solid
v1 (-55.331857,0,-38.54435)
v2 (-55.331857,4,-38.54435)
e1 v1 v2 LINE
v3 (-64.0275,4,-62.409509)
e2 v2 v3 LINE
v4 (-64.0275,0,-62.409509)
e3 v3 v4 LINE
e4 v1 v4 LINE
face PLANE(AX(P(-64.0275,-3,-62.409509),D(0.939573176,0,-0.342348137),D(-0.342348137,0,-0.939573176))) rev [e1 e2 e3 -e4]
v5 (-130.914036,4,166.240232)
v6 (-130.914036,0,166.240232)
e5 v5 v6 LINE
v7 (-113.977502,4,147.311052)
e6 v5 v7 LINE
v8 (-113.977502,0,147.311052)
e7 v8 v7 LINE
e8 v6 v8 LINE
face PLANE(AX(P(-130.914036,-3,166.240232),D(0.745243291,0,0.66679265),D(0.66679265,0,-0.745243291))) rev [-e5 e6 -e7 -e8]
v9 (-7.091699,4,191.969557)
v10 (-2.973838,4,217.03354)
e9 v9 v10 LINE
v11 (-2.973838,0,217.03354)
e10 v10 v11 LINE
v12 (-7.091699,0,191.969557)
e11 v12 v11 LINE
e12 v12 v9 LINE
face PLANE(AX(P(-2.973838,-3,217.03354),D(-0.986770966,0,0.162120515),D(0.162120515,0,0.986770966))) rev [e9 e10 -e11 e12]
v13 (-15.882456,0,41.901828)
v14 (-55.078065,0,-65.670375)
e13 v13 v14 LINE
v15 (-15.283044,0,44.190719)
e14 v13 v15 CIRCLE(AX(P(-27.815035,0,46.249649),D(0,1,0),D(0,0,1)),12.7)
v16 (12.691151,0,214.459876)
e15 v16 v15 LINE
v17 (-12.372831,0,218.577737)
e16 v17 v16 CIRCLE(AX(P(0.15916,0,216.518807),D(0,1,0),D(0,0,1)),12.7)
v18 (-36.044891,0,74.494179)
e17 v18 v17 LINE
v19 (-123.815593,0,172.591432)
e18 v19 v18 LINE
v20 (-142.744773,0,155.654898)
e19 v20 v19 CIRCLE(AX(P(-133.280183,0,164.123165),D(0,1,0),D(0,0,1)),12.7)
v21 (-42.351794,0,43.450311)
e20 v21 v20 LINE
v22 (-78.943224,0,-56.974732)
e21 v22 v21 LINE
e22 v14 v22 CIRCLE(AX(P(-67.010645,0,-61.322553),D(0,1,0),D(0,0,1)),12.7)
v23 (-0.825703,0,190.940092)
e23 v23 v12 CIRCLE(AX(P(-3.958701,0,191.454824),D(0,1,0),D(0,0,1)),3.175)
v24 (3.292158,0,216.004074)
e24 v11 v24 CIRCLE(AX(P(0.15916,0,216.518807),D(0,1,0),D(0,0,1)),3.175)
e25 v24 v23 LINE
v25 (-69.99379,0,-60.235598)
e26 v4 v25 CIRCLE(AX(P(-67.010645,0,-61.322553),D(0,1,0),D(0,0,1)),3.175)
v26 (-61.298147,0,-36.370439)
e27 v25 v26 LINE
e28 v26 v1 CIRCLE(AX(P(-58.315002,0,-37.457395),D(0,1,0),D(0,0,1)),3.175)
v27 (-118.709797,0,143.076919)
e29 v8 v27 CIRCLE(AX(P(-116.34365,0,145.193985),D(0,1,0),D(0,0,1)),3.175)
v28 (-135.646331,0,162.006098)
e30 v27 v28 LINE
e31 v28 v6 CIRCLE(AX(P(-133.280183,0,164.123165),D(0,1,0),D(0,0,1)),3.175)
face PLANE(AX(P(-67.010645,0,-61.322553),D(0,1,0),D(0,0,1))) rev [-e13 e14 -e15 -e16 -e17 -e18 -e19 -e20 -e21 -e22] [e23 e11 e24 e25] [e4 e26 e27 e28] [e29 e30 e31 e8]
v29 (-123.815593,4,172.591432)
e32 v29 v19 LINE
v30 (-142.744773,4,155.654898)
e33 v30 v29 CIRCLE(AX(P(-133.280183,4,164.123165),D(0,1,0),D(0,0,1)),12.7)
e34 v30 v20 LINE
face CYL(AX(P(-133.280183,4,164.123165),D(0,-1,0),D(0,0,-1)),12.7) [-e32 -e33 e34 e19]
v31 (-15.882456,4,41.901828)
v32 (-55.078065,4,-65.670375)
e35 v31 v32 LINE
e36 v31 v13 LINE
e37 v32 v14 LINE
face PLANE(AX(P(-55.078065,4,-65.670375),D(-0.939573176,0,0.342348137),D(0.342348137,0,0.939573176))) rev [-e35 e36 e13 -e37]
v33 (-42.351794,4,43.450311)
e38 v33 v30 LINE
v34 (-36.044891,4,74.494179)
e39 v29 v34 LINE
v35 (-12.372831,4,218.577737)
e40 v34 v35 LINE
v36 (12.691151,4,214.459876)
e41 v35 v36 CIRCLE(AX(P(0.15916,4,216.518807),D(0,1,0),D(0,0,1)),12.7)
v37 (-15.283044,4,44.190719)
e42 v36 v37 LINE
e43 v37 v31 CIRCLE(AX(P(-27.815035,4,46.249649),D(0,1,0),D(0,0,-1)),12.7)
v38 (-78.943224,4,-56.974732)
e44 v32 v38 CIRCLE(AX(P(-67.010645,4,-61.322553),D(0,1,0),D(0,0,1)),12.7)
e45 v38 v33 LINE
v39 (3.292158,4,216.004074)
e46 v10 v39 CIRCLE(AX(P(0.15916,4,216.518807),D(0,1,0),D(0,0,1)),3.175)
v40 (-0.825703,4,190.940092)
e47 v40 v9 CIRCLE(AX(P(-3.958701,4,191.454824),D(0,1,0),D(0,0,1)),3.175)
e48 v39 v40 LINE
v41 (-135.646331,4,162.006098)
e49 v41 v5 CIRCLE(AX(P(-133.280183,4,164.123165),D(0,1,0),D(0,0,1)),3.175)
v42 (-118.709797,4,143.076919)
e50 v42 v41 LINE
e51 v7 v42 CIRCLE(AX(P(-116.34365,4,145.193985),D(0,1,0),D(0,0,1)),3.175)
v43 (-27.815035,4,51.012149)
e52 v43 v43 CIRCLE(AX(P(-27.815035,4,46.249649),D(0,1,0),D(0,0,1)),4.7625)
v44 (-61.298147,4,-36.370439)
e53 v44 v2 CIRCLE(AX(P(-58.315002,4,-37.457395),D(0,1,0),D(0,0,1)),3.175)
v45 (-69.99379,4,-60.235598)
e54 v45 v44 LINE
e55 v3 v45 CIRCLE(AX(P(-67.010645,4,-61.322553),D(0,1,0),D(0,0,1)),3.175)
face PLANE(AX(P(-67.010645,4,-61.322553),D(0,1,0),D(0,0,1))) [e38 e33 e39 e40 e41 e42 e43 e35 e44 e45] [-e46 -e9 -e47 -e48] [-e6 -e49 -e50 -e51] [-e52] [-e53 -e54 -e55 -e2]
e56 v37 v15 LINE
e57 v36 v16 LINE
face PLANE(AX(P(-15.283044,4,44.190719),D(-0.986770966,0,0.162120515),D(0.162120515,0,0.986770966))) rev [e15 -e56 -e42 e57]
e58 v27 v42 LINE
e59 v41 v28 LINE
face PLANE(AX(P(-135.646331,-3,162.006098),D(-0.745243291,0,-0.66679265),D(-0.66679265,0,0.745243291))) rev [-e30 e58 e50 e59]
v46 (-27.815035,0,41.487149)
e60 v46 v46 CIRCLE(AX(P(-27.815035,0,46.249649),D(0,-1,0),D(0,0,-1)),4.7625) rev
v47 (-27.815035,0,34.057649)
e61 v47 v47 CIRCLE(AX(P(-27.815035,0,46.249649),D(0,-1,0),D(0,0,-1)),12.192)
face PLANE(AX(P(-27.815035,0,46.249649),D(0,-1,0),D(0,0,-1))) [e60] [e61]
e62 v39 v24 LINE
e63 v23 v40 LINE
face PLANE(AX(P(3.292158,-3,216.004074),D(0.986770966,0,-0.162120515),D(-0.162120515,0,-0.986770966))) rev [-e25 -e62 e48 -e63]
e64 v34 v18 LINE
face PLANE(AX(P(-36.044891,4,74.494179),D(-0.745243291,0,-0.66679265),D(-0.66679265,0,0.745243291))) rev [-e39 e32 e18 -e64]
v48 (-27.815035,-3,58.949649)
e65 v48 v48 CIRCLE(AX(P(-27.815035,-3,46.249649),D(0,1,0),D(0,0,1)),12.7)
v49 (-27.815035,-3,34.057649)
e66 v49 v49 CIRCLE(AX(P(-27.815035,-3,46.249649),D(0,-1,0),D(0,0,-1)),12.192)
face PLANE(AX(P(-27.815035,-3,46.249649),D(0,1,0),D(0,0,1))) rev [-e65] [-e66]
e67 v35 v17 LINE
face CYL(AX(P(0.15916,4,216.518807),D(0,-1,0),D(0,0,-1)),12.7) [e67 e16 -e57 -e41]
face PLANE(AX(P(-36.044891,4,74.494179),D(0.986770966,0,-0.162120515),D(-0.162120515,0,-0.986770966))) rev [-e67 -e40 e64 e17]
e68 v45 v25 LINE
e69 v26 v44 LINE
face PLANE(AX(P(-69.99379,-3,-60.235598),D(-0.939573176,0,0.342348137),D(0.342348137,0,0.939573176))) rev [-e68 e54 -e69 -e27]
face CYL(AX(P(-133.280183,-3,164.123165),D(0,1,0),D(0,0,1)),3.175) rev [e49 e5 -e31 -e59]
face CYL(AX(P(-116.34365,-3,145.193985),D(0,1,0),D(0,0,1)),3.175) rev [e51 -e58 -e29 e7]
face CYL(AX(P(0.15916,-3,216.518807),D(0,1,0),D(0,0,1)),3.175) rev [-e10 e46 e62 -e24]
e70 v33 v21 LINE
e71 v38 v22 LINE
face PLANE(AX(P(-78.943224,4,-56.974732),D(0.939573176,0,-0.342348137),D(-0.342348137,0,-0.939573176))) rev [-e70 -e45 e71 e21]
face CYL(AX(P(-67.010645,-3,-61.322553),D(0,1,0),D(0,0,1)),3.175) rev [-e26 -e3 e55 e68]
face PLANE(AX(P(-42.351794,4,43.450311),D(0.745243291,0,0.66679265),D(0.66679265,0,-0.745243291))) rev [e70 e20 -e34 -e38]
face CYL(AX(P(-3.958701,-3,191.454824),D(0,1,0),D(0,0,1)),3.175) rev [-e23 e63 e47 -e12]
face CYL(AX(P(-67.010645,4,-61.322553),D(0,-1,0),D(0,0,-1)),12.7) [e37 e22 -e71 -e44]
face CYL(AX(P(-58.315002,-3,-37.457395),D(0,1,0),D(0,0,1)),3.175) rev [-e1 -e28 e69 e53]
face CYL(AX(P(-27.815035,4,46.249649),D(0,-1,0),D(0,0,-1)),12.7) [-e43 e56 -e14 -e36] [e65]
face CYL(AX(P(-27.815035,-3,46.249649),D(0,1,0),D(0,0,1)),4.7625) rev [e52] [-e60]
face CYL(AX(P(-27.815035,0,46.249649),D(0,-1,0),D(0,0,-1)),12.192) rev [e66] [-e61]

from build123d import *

# Parameters (mm, degrees)
BOSS_EXTRUDE1_DEPTH = 4
BOSS_EXTRUDE2_START = -7
SKETCH3_R           = 12.7
BOSS_EXTRUDE2_DEPTH = 7
SKETCH5_R           = 4.7625
CUT_EXTRUDE1_DEPTH  = 272.846418627
SKETCH6_R           = 12.192
CUT_EXTRUDE2_DEPTH  = 3
SKETCH8_R           = 3.175
CUT_EXTRUDE3_DEPTH  = 272.846418627
CUT_EXTRUDE4_DEPTH  = 272.846418627


with BuildPart() as part:
    # Sketch1 → Boss-Extrude1 (new body)
    with BuildSketch(Plane(origin=(0, 0, 0), x_dir=(1, 0, 0), z_dir=(0, 1, 0))):
        with BuildLine():
            Line((-55.078065391, 65.670374736), (-15.882456002, -41.901827969))
            ThreePointArc((-15.882456002, -41.901827969), (-15.529329867, -43.032283758), (-15.283044075, -44.190718765))
            Line((-15.283044075, -44.190718765), (12.6911511, -214.459876374))
            ThreePointArc((12.6911511, -214.459876374), (2.218090383, -229.050798182), (-12.372831425, -218.577737465))
            Line((-12.372831425, -218.577737465), (-36.044890736, -74.494178583))
            Line((-36.044890736, -74.494178583), (-123.815593368, -172.591431542))
            ThreePointArc((-123.815593368, -172.591431542), (-141.748449811, -173.587754678), (-142.744772948, -155.654898235))
            Line((-142.744772948, -155.654898235), (-42.351793784, -43.450310863))
            Line((-42.351793784, -43.450310863), (-78.943224061, 56.974732054))
            ThreePointArc((-78.943224061, 56.974732054), (-71.358466067, 73.25513273), (-55.078065391, 65.670374736))
        make_face()
    extrude(amount=BOSS_EXTRUDE1_DEPTH)

    # Sketch3 → Boss-Extrude2 (add)
    with BuildSketch(Plane(origin=(0, 4, 0), x_dir=(1, 0, 0), z_dir=(0, 1, 0)).offset(BOSS_EXTRUDE2_START)):
        with Locations(Location((-27.815035337, -46.24964931, 0), (0, 0, 20.02))):
            Circle(SKETCH3_R)
    extrude(amount=BOSS_EXTRUDE2_DEPTH)

    # Sketch5 → Cut-Extrude1 (cut, through all)
    with BuildSketch(Plane(origin=(0, 4, 0), x_dir=(1, 0, 0), z_dir=(0, 1, 0))):
        with Locations(Location((-27.815035337, -46.24964931, 0), (0, 0, 270))):
            Circle(SKETCH5_R)
    extrude(amount=-CUT_EXTRUDE1_DEPTH, mode=Mode.SUBTRACT)

    # Sketch6 → Cut-Extrude2 (cut)
    with BuildSketch(Plane(origin=(0, -3, 0), x_dir=(-1, 0, 0), z_dir=(0, -1, 0))):
        with Locations(Location((27.815035337, -46.24964931, 0), (0, 0, 90))):
            Circle(SKETCH6_R)
    extrude(amount=-CUT_EXTRUDE2_DEPTH, mode=Mode.SUBTRACT)

    # Sketch8 → Cut-Extrude3 (cut, through all)
    with BuildSketch(Plane(origin=(0, 4, 0), x_dir=(1, 0, 0), z_dir=(0, 1, 0))):
        with Locations(Location((-67.010644726, 61.322553395, 0), (0, 0, 270))):
            Circle(SKETCH8_R)
        with Locations(Location((0.159159837, -216.518806919, 0), (0, 0, 270))):
            Circle(SKETCH8_R)
        with Locations(Location((-133.280183158, -164.123164888, 0), (0, 0, 270))):
            Circle(SKETCH8_R)
    extrude(amount=-CUT_EXTRUDE3_DEPTH, mode=Mode.SUBTRACT)

    # Sketch10 → Cut-Extrude4 (cut, through all)
    with BuildSketch(Plane(origin=(0, 4, 0), x_dir=(1, 0, 0), z_dir=(0, 1, 0))):
        with BuildLine():
            Line((-64.027499893, 62.40950873), (-55.331857211, 38.54435006))
            ThreePointArc((-55.331857211, 38.54435006), (-57.228046709, 34.474249891), (-61.298146878, 36.37043939))
            Line((-61.298146878, 36.37043939), (-69.99378956, 60.23559806))
            ThreePointArc((-69.99378956, 60.23559806), (-68.097600062, 64.305698229), (-64.027499893, 62.40950873))
        make_face()
        with BuildLine():
            Line((-135.646330605, -162.006098225), (-118.709797299, -143.076918645))
            ThreePointArc((-118.709797299, -143.076918645), (-114.226583188, -142.827837861), (-113.977502404, -147.311051972))
            Line((-113.977502404, -147.311051972), (-130.91403571, -166.240231552))
            ThreePointArc((-130.91403571, -166.240231552), (-135.397249821, -166.489312336), (-135.646330605, -162.006098225))
        make_face()
        with BuildLine():
            Line((-2.973837978, -217.033539556), (-7.091699069, -191.96955703))
            ThreePointArc((-7.091699069, -191.96955703), (-4.473433889, -188.321826578), (-0.825703437, -190.940091758))
            Line((-0.825703437, -190.940091758), (3.292157653, -216.004074283))
            ThreePointArc((3.292157653, -216.004074283), (0.673892474, -219.651804735), (-2.973837978, -217.033539556))
        make_face()
    extrude(amount=-CUT_EXTRUDE4_DEPTH, mode=Mode.SUBTRACT)


solid = part.part
